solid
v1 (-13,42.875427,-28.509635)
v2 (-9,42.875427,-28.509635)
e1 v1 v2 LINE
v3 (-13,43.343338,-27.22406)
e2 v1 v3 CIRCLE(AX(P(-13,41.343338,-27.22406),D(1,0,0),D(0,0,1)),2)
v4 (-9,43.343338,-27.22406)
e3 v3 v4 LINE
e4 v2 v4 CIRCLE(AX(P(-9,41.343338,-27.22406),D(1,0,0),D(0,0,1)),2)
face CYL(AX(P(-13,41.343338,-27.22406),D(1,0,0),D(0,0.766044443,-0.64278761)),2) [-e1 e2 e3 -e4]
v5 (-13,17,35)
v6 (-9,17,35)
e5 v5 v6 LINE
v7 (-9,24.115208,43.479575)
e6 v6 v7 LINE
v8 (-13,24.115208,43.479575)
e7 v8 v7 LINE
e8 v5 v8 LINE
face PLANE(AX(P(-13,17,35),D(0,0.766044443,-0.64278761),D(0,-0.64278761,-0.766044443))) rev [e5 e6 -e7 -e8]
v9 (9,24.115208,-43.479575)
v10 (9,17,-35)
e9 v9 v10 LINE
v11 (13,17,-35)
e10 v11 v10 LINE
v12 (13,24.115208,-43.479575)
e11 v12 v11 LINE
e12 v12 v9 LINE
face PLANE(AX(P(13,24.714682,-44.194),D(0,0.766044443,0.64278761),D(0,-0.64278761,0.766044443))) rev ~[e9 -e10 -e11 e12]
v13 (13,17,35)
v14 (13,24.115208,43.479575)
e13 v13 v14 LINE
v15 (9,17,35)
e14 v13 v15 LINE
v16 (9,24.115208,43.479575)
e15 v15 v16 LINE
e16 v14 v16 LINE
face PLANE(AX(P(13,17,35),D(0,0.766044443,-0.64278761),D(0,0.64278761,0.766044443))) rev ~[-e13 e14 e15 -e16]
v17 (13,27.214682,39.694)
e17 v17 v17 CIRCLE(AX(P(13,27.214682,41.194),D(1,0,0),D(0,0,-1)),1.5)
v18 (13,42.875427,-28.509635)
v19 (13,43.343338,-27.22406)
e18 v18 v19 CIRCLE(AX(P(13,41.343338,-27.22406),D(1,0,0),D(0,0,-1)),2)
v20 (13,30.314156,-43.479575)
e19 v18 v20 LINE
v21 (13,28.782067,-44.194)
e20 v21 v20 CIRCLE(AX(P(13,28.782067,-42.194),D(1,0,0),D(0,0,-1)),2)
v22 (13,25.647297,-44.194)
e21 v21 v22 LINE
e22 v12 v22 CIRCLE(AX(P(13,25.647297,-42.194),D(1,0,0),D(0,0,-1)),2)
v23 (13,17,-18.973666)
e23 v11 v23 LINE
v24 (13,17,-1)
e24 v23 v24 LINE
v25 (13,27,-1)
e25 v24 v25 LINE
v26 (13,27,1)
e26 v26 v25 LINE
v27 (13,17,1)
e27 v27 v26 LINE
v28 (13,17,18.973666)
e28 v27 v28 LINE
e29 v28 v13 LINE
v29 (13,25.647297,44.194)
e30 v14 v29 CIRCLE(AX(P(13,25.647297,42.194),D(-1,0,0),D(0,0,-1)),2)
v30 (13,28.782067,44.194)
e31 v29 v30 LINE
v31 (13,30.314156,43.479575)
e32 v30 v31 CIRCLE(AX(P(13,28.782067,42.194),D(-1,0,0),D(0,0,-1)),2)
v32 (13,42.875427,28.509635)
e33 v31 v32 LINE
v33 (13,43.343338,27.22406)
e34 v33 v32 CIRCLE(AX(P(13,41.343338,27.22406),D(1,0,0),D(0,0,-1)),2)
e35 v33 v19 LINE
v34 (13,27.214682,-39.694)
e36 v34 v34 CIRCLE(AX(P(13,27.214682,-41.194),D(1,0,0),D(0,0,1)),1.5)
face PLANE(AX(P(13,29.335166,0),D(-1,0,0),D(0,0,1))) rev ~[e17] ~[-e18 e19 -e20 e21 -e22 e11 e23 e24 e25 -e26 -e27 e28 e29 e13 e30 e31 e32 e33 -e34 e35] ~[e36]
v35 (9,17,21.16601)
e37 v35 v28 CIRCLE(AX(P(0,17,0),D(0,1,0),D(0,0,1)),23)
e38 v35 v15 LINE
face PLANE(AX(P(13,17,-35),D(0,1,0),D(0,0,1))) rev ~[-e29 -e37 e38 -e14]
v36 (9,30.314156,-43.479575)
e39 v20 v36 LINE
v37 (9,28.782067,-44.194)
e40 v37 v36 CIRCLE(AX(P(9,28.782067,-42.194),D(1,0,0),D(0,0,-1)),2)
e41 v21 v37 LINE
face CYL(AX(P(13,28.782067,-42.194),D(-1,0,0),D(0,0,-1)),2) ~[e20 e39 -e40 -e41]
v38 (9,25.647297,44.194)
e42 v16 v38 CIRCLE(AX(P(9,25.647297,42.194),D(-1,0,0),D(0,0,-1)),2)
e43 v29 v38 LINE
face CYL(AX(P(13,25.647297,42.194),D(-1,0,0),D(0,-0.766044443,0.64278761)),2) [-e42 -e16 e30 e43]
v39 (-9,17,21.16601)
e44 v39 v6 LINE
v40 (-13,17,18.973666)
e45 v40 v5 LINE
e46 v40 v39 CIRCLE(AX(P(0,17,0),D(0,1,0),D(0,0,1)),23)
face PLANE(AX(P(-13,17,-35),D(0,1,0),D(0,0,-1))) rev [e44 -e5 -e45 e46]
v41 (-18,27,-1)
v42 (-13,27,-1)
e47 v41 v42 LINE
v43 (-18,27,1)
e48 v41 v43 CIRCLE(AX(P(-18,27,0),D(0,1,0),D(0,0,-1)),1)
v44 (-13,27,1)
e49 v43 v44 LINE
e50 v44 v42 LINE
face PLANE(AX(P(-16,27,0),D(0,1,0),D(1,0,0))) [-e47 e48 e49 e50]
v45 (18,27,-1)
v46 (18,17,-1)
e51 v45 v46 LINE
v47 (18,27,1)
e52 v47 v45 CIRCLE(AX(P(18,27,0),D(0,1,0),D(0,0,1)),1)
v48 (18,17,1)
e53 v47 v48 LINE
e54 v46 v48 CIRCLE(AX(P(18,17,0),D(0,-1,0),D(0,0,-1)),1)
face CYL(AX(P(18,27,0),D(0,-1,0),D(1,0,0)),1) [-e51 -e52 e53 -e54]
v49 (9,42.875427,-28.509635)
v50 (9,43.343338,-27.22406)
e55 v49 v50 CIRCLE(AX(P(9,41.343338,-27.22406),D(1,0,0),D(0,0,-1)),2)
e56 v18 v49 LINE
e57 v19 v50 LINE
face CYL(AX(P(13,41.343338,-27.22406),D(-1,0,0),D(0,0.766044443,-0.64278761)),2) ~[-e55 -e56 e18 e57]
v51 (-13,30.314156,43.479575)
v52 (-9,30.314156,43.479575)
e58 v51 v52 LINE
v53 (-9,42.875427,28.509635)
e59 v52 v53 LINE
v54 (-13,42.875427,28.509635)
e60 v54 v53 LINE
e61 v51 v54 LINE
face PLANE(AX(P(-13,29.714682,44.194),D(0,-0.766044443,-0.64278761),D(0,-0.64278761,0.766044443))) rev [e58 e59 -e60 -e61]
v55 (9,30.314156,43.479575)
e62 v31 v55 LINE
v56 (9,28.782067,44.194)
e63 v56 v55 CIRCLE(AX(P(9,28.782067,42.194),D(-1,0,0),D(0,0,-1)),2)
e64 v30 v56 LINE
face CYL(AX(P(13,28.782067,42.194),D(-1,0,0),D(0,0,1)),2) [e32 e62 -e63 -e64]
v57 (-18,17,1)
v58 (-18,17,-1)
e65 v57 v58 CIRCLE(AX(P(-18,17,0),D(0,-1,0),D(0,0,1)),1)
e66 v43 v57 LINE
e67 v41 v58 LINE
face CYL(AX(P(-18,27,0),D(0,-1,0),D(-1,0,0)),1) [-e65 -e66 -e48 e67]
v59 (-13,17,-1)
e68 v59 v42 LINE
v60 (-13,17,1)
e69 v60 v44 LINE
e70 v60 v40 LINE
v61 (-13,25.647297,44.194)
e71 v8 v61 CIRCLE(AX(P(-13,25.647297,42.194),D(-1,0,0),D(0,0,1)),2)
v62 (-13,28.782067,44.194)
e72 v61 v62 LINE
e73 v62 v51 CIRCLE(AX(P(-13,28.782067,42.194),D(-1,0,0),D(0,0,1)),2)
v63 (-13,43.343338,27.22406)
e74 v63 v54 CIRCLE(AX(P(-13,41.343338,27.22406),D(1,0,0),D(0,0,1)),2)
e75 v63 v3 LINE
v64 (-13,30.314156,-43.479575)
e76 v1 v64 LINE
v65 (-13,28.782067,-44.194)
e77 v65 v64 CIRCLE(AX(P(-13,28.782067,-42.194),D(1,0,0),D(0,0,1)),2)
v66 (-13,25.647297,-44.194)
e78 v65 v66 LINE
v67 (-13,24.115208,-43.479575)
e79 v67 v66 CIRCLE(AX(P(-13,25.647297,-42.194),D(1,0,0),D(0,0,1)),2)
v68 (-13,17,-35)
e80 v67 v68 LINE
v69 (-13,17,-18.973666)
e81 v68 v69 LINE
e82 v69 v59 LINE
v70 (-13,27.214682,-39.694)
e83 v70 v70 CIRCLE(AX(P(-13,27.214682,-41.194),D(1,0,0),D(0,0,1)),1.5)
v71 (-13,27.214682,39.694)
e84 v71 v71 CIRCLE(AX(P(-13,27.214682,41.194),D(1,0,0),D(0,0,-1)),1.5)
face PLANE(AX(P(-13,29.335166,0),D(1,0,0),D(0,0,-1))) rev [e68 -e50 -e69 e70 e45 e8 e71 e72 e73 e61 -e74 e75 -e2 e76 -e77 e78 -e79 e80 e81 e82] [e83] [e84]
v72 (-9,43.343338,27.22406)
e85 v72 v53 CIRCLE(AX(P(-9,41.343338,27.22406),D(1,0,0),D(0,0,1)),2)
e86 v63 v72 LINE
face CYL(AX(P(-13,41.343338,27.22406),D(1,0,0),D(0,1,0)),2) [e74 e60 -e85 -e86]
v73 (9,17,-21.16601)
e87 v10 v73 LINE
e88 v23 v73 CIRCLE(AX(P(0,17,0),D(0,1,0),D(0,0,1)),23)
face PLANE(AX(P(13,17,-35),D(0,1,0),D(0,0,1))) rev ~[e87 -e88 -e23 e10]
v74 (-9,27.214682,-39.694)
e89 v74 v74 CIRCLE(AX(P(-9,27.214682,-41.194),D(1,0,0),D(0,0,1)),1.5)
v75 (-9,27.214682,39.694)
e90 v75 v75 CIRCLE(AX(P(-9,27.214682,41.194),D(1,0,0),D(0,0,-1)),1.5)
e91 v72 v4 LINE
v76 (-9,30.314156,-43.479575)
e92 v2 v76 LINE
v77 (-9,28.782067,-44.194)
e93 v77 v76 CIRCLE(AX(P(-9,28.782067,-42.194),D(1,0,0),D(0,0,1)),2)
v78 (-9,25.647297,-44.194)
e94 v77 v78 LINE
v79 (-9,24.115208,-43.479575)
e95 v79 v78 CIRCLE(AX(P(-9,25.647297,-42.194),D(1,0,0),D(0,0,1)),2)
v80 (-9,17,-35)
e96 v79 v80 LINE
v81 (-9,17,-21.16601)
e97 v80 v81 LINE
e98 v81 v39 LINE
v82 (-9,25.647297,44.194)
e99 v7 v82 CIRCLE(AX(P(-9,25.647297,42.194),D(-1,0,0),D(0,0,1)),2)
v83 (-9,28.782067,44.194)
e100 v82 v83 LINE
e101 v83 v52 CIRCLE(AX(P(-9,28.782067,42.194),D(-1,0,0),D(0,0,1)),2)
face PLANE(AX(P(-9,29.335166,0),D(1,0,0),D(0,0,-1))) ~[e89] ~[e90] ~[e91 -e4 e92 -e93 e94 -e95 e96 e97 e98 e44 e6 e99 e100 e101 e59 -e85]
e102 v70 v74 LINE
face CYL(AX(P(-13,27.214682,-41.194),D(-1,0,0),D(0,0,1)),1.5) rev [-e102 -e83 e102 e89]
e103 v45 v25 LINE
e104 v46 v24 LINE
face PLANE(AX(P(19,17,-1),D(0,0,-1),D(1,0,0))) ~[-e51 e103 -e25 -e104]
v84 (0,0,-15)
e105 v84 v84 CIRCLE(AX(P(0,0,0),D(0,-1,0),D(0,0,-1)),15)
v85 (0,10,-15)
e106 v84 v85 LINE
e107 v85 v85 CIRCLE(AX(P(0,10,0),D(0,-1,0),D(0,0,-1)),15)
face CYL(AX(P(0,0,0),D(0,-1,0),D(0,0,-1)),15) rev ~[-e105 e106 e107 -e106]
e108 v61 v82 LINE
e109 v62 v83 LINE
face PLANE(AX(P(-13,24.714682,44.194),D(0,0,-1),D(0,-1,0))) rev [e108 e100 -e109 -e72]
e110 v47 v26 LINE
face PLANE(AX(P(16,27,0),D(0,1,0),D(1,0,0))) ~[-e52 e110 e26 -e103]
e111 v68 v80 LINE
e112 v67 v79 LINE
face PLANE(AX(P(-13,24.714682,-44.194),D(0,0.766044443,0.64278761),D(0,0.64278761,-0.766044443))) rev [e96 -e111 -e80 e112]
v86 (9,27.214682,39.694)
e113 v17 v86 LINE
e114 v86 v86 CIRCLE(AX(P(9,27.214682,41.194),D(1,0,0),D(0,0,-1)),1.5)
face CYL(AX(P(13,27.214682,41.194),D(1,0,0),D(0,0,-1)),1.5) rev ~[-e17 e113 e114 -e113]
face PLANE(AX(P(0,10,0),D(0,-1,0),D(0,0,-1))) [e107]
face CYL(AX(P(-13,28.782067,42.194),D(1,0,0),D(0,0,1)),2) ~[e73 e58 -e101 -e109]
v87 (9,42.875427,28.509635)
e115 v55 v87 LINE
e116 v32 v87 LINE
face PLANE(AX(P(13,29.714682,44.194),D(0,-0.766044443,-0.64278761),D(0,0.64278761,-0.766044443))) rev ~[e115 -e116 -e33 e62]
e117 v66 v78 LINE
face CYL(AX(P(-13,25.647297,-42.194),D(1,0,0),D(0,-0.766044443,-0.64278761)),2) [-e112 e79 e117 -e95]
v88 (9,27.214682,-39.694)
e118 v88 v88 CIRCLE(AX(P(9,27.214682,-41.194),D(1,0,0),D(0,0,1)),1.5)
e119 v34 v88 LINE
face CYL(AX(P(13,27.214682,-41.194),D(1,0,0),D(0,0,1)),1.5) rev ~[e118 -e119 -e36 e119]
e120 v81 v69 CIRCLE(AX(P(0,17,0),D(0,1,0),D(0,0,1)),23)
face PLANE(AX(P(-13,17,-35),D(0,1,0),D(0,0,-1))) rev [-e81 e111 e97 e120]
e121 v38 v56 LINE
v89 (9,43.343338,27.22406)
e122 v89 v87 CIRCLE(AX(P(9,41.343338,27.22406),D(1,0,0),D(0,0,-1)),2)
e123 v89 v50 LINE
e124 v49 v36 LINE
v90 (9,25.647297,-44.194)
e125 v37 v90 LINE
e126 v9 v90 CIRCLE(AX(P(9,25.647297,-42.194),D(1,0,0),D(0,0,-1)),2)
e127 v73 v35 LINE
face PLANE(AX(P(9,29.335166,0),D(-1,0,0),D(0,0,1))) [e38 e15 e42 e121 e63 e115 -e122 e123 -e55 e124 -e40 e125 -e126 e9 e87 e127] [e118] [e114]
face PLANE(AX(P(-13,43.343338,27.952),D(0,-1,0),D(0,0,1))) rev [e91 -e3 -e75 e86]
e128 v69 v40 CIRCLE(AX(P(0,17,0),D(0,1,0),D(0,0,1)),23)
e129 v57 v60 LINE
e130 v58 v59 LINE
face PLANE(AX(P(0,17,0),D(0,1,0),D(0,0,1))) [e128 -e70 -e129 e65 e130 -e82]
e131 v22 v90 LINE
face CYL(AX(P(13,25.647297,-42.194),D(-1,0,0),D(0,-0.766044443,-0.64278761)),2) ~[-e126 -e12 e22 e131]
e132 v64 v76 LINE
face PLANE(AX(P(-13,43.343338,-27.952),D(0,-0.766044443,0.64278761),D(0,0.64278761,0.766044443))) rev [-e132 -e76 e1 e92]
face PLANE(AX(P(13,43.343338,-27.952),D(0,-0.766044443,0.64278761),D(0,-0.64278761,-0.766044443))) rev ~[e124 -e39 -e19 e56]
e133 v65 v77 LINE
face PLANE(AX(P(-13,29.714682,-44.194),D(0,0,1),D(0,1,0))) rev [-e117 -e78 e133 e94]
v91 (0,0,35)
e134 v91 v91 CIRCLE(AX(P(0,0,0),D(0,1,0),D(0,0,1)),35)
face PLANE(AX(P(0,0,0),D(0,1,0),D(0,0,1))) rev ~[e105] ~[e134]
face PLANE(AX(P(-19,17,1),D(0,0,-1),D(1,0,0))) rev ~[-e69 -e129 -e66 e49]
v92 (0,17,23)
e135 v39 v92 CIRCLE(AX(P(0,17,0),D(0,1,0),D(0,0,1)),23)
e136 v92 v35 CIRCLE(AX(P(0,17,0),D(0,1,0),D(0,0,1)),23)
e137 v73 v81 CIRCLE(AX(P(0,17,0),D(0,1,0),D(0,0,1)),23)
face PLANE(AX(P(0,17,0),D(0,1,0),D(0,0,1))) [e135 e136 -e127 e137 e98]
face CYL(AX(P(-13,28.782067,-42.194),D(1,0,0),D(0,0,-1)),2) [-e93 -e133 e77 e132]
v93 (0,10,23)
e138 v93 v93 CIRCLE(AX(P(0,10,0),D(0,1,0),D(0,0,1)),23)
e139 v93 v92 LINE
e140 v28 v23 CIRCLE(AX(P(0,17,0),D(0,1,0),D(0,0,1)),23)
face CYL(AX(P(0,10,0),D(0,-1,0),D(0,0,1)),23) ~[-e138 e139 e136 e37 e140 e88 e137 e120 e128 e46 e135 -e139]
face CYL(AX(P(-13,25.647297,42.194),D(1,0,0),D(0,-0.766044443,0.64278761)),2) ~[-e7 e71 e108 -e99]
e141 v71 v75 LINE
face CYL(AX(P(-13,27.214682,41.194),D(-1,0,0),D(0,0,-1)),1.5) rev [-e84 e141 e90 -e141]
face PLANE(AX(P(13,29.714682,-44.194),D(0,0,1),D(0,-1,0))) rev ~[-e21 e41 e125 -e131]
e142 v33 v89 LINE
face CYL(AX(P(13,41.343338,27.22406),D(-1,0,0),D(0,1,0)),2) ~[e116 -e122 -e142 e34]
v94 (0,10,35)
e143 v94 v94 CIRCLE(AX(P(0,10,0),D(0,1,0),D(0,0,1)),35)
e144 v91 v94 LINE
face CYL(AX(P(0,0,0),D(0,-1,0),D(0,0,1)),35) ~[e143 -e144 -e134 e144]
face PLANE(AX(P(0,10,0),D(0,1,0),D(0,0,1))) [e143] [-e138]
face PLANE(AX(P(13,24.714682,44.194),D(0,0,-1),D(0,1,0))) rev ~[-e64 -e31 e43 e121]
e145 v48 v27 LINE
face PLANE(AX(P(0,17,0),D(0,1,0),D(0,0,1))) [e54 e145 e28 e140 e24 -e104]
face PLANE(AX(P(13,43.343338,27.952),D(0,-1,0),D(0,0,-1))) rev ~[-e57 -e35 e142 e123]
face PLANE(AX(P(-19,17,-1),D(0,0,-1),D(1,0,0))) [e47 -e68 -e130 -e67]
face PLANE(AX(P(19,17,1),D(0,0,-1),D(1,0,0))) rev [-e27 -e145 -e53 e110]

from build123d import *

# Parameters (mm, degrees)
SKETCH1_R                   = 35
BOSS_EXTRUDE1_DEPTH         = 10
SKETCH2_R                   = 23
BOSS_EXTRUDE2_DEPTH         = 7
BOSS_EXTRUDE3_DEPTH         = 4
SKETCH5_R                   = 1.5
CUT_EXTRUDE1_DEPTH          = 4
FILLET1_R                   = 2
FILLET1_OF_MIRROR1_R        = 2
SKETCH6_W                   = 6
SKETCH6_H                   = 2
BOSS_EXTRUDE4_DEPTH         = 10
FILLET2_RADIUS              = 1
FILLET2_LENGTH              = 10
FILLET2_OF_MIRROR2_2_RADIUS = 1
FILLET2_OF_MIRROR2_2_LENGTH = 10
SKETCH7_R                   = 15
CUT_EXTRUDE2_DEPTH          = 10


with BuildPart() as part:
    # Sketch1 → Boss-Extrude1 (new body)
    with BuildSketch(Plane(origin=(0, 0, 0), x_dir=(1, 0, 0), z_dir=(0, 1, 0))):
        with Locations(Location((0, 0, 0), (0, 0, 270))):
            Circle(SKETCH1_R)
    extrude(amount=BOSS_EXTRUDE1_DEPTH)

    # Sketch2 → Boss-Extrude2 (add)
    with BuildSketch(Plane(origin=(0, 10, 0), x_dir=(1, 0, 0), z_dir=(0, 1, 0))):
        with Locations(Location((0, 0, 0), (0, 0, 270))):
            Circle(SKETCH2_R)
    extrude(amount=BOSS_EXTRUDE2_DEPTH)

    # Sketch4 → Boss-Extrude3 (add)
    with BuildSketch(Plane(origin=(13, 0, 0), x_dir=(0, 0, -1), z_dir=(1, 0, 0))):
        Polygon((35, 17), (-35, 17), (-44.194, 24.714682009), (-44.194, 29.714682009), (-27.952, 43.343338219), (27.952, 43.343338219), (44.194, 29.714682009), (44.194, 24.714682009), align=None)
    boss_extrude3 = extrude(amount=-BOSS_EXTRUDE3_DEPTH)

    # Sketch5 → Cut-Extrude1 (cut)
    with BuildSketch(Plane(origin=(13, 0, 0), x_dir=(0, 0, -1), z_dir=(1, 0, 0))):
        with Locations((-41.194, 27.214682009)):
            Circle(SKETCH5_R)
        with Locations(Location((41.194, 27.214682009, 0), (0, 0, 180))):
            Circle(SKETCH5_R)
    cut_extrude1 = extrude(amount=-CUT_EXTRUDE1_DEPTH, mode=Mode.SUBTRACT)

    # Fillet1
    fillet1_edges = [part.edges().sort_by_distance(p)[0] for p in [
        (11, 43.343338219, 27.952),
        (11, 43.343338219, -27.952),
        (11, 29.714682009, -44.194),
        (11, 24.714682009, -44.194),
        (11, 24.714682009, 44.194),
        (11, 29.714682009, 44.194),
    ]]
    fillet(fillet1_edges, radius=FILLET1_R)

    # Mirror1: Boss-Extrude3, Cut-Extrude1 across plane
    add(boss_extrude3.mirror(Plane(origin=(0, 0, 0), x_dir=(0, 0, 1), z_dir=(1, 0, 0))))
    add(cut_extrude1.mirror(Plane(origin=(0, 0, 0), x_dir=(0, 0, 1), z_dir=(1, 0, 0))), mode=Mode.SUBTRACT)

    # Fillet1 of Mirror1
    fillet1_of_mirror1_edges = [part.edges().sort_by_distance(p)[0] for p in [
        (-11, 43.343338219, 27.952),
        (-11, 43.343338219, -27.952),
        (-11, 29.714682009, -44.194),
        (-11, 24.714682009, -44.194),
        (-11, 24.714682009, 44.194),
        (-11, 29.714682009, 44.194),
    ]]
    fillet(fillet1_of_mirror1_edges, radius=FILLET1_OF_MIRROR1_R)

    # Sketch6 → Boss-Extrude4 (add)
    with BuildSketch(Plane(origin=(0, 17, 0), x_dir=(1, 0, 0), z_dir=(0, 1, 0))):
        with Locations((-16, 0)):
            Rectangle(SKETCH6_W, SKETCH6_H)
    boss_extrude4 = extrude(amount=BOSS_EXTRUDE4_DEPTH)

    # Fillet2: full round fillet: the end face becomes a half cylinder, R = half its width
    fillet2_face = Plane((-19, 22, 0), x_dir=(0, -1, 0), z_dir=(-1, 0, 0))  # on the end face: x along it, z out of the body
    fillet2_slab = fillet2_face.offset(-FILLET2_RADIUS / 2) * Box(FILLET2_LENGTH, 2 * FILLET2_RADIUS, FILLET2_RADIUS, mode=Mode.PRIVATE)  # the body's end, R deep
    fillet2_round = Plane((-18, 22, 0), x_dir=(-1, 0, 0), z_dir=(0, -1, 0)) * Cylinder(FILLET2_RADIUS, FILLET2_LENGTH, mode=Mode.PRIVATE)  # its axis R under the face
    add(fillet2_slab - fillet2_round, mode=Mode.SUBTRACT)

    # Mirror2: Boss-Extrude4 across plane
    add(boss_extrude4.mirror(Plane(origin=(0, 0, 0), x_dir=(0, 0, 1), z_dir=(1, 0, 0))))

    # Fillet2 of Mirror2 2: full round fillet: the end face becomes a half cylinder, R = half its width
    fillet2_of_mirror2_2_face = Plane((19, 22, 0), x_dir=(0, -1, 0), z_dir=(1, 0, 0))  # on the end face: x along it, z out of the body
    fillet2_of_mirror2_2_slab = fillet2_of_mirror2_2_face.offset(-FILLET2_OF_MIRROR2_2_RADIUS / 2) * Box(FILLET2_OF_MIRROR2_2_LENGTH, 2 * FILLET2_OF_MIRROR2_2_RADIUS, FILLET2_OF_MIRROR2_2_RADIUS, mode=Mode.PRIVATE)  # the body's end, R deep
    fillet2_of_mirror2_2_round = Plane((18, 22, 0), x_dir=(1, 0, 0), z_dir=(0, -1, 0)) * Cylinder(FILLET2_OF_MIRROR2_2_RADIUS, FILLET2_OF_MIRROR2_2_LENGTH, mode=Mode.PRIVATE)  # its axis R under the face
    add(fillet2_of_mirror2_2_slab - fillet2_of_mirror2_2_round, mode=Mode.SUBTRACT)

    # Sketch7 → Cut-Extrude2 (cut)
    with BuildSketch(Plane.XZ):
        with Locations(Location((0, 0, 0), (0, 0, 270))):
            Circle(SKETCH7_R)
    extrude(amount=-CUT_EXTRUDE2_DEPTH, mode=Mode.SUBTRACT)


solid = part.part
